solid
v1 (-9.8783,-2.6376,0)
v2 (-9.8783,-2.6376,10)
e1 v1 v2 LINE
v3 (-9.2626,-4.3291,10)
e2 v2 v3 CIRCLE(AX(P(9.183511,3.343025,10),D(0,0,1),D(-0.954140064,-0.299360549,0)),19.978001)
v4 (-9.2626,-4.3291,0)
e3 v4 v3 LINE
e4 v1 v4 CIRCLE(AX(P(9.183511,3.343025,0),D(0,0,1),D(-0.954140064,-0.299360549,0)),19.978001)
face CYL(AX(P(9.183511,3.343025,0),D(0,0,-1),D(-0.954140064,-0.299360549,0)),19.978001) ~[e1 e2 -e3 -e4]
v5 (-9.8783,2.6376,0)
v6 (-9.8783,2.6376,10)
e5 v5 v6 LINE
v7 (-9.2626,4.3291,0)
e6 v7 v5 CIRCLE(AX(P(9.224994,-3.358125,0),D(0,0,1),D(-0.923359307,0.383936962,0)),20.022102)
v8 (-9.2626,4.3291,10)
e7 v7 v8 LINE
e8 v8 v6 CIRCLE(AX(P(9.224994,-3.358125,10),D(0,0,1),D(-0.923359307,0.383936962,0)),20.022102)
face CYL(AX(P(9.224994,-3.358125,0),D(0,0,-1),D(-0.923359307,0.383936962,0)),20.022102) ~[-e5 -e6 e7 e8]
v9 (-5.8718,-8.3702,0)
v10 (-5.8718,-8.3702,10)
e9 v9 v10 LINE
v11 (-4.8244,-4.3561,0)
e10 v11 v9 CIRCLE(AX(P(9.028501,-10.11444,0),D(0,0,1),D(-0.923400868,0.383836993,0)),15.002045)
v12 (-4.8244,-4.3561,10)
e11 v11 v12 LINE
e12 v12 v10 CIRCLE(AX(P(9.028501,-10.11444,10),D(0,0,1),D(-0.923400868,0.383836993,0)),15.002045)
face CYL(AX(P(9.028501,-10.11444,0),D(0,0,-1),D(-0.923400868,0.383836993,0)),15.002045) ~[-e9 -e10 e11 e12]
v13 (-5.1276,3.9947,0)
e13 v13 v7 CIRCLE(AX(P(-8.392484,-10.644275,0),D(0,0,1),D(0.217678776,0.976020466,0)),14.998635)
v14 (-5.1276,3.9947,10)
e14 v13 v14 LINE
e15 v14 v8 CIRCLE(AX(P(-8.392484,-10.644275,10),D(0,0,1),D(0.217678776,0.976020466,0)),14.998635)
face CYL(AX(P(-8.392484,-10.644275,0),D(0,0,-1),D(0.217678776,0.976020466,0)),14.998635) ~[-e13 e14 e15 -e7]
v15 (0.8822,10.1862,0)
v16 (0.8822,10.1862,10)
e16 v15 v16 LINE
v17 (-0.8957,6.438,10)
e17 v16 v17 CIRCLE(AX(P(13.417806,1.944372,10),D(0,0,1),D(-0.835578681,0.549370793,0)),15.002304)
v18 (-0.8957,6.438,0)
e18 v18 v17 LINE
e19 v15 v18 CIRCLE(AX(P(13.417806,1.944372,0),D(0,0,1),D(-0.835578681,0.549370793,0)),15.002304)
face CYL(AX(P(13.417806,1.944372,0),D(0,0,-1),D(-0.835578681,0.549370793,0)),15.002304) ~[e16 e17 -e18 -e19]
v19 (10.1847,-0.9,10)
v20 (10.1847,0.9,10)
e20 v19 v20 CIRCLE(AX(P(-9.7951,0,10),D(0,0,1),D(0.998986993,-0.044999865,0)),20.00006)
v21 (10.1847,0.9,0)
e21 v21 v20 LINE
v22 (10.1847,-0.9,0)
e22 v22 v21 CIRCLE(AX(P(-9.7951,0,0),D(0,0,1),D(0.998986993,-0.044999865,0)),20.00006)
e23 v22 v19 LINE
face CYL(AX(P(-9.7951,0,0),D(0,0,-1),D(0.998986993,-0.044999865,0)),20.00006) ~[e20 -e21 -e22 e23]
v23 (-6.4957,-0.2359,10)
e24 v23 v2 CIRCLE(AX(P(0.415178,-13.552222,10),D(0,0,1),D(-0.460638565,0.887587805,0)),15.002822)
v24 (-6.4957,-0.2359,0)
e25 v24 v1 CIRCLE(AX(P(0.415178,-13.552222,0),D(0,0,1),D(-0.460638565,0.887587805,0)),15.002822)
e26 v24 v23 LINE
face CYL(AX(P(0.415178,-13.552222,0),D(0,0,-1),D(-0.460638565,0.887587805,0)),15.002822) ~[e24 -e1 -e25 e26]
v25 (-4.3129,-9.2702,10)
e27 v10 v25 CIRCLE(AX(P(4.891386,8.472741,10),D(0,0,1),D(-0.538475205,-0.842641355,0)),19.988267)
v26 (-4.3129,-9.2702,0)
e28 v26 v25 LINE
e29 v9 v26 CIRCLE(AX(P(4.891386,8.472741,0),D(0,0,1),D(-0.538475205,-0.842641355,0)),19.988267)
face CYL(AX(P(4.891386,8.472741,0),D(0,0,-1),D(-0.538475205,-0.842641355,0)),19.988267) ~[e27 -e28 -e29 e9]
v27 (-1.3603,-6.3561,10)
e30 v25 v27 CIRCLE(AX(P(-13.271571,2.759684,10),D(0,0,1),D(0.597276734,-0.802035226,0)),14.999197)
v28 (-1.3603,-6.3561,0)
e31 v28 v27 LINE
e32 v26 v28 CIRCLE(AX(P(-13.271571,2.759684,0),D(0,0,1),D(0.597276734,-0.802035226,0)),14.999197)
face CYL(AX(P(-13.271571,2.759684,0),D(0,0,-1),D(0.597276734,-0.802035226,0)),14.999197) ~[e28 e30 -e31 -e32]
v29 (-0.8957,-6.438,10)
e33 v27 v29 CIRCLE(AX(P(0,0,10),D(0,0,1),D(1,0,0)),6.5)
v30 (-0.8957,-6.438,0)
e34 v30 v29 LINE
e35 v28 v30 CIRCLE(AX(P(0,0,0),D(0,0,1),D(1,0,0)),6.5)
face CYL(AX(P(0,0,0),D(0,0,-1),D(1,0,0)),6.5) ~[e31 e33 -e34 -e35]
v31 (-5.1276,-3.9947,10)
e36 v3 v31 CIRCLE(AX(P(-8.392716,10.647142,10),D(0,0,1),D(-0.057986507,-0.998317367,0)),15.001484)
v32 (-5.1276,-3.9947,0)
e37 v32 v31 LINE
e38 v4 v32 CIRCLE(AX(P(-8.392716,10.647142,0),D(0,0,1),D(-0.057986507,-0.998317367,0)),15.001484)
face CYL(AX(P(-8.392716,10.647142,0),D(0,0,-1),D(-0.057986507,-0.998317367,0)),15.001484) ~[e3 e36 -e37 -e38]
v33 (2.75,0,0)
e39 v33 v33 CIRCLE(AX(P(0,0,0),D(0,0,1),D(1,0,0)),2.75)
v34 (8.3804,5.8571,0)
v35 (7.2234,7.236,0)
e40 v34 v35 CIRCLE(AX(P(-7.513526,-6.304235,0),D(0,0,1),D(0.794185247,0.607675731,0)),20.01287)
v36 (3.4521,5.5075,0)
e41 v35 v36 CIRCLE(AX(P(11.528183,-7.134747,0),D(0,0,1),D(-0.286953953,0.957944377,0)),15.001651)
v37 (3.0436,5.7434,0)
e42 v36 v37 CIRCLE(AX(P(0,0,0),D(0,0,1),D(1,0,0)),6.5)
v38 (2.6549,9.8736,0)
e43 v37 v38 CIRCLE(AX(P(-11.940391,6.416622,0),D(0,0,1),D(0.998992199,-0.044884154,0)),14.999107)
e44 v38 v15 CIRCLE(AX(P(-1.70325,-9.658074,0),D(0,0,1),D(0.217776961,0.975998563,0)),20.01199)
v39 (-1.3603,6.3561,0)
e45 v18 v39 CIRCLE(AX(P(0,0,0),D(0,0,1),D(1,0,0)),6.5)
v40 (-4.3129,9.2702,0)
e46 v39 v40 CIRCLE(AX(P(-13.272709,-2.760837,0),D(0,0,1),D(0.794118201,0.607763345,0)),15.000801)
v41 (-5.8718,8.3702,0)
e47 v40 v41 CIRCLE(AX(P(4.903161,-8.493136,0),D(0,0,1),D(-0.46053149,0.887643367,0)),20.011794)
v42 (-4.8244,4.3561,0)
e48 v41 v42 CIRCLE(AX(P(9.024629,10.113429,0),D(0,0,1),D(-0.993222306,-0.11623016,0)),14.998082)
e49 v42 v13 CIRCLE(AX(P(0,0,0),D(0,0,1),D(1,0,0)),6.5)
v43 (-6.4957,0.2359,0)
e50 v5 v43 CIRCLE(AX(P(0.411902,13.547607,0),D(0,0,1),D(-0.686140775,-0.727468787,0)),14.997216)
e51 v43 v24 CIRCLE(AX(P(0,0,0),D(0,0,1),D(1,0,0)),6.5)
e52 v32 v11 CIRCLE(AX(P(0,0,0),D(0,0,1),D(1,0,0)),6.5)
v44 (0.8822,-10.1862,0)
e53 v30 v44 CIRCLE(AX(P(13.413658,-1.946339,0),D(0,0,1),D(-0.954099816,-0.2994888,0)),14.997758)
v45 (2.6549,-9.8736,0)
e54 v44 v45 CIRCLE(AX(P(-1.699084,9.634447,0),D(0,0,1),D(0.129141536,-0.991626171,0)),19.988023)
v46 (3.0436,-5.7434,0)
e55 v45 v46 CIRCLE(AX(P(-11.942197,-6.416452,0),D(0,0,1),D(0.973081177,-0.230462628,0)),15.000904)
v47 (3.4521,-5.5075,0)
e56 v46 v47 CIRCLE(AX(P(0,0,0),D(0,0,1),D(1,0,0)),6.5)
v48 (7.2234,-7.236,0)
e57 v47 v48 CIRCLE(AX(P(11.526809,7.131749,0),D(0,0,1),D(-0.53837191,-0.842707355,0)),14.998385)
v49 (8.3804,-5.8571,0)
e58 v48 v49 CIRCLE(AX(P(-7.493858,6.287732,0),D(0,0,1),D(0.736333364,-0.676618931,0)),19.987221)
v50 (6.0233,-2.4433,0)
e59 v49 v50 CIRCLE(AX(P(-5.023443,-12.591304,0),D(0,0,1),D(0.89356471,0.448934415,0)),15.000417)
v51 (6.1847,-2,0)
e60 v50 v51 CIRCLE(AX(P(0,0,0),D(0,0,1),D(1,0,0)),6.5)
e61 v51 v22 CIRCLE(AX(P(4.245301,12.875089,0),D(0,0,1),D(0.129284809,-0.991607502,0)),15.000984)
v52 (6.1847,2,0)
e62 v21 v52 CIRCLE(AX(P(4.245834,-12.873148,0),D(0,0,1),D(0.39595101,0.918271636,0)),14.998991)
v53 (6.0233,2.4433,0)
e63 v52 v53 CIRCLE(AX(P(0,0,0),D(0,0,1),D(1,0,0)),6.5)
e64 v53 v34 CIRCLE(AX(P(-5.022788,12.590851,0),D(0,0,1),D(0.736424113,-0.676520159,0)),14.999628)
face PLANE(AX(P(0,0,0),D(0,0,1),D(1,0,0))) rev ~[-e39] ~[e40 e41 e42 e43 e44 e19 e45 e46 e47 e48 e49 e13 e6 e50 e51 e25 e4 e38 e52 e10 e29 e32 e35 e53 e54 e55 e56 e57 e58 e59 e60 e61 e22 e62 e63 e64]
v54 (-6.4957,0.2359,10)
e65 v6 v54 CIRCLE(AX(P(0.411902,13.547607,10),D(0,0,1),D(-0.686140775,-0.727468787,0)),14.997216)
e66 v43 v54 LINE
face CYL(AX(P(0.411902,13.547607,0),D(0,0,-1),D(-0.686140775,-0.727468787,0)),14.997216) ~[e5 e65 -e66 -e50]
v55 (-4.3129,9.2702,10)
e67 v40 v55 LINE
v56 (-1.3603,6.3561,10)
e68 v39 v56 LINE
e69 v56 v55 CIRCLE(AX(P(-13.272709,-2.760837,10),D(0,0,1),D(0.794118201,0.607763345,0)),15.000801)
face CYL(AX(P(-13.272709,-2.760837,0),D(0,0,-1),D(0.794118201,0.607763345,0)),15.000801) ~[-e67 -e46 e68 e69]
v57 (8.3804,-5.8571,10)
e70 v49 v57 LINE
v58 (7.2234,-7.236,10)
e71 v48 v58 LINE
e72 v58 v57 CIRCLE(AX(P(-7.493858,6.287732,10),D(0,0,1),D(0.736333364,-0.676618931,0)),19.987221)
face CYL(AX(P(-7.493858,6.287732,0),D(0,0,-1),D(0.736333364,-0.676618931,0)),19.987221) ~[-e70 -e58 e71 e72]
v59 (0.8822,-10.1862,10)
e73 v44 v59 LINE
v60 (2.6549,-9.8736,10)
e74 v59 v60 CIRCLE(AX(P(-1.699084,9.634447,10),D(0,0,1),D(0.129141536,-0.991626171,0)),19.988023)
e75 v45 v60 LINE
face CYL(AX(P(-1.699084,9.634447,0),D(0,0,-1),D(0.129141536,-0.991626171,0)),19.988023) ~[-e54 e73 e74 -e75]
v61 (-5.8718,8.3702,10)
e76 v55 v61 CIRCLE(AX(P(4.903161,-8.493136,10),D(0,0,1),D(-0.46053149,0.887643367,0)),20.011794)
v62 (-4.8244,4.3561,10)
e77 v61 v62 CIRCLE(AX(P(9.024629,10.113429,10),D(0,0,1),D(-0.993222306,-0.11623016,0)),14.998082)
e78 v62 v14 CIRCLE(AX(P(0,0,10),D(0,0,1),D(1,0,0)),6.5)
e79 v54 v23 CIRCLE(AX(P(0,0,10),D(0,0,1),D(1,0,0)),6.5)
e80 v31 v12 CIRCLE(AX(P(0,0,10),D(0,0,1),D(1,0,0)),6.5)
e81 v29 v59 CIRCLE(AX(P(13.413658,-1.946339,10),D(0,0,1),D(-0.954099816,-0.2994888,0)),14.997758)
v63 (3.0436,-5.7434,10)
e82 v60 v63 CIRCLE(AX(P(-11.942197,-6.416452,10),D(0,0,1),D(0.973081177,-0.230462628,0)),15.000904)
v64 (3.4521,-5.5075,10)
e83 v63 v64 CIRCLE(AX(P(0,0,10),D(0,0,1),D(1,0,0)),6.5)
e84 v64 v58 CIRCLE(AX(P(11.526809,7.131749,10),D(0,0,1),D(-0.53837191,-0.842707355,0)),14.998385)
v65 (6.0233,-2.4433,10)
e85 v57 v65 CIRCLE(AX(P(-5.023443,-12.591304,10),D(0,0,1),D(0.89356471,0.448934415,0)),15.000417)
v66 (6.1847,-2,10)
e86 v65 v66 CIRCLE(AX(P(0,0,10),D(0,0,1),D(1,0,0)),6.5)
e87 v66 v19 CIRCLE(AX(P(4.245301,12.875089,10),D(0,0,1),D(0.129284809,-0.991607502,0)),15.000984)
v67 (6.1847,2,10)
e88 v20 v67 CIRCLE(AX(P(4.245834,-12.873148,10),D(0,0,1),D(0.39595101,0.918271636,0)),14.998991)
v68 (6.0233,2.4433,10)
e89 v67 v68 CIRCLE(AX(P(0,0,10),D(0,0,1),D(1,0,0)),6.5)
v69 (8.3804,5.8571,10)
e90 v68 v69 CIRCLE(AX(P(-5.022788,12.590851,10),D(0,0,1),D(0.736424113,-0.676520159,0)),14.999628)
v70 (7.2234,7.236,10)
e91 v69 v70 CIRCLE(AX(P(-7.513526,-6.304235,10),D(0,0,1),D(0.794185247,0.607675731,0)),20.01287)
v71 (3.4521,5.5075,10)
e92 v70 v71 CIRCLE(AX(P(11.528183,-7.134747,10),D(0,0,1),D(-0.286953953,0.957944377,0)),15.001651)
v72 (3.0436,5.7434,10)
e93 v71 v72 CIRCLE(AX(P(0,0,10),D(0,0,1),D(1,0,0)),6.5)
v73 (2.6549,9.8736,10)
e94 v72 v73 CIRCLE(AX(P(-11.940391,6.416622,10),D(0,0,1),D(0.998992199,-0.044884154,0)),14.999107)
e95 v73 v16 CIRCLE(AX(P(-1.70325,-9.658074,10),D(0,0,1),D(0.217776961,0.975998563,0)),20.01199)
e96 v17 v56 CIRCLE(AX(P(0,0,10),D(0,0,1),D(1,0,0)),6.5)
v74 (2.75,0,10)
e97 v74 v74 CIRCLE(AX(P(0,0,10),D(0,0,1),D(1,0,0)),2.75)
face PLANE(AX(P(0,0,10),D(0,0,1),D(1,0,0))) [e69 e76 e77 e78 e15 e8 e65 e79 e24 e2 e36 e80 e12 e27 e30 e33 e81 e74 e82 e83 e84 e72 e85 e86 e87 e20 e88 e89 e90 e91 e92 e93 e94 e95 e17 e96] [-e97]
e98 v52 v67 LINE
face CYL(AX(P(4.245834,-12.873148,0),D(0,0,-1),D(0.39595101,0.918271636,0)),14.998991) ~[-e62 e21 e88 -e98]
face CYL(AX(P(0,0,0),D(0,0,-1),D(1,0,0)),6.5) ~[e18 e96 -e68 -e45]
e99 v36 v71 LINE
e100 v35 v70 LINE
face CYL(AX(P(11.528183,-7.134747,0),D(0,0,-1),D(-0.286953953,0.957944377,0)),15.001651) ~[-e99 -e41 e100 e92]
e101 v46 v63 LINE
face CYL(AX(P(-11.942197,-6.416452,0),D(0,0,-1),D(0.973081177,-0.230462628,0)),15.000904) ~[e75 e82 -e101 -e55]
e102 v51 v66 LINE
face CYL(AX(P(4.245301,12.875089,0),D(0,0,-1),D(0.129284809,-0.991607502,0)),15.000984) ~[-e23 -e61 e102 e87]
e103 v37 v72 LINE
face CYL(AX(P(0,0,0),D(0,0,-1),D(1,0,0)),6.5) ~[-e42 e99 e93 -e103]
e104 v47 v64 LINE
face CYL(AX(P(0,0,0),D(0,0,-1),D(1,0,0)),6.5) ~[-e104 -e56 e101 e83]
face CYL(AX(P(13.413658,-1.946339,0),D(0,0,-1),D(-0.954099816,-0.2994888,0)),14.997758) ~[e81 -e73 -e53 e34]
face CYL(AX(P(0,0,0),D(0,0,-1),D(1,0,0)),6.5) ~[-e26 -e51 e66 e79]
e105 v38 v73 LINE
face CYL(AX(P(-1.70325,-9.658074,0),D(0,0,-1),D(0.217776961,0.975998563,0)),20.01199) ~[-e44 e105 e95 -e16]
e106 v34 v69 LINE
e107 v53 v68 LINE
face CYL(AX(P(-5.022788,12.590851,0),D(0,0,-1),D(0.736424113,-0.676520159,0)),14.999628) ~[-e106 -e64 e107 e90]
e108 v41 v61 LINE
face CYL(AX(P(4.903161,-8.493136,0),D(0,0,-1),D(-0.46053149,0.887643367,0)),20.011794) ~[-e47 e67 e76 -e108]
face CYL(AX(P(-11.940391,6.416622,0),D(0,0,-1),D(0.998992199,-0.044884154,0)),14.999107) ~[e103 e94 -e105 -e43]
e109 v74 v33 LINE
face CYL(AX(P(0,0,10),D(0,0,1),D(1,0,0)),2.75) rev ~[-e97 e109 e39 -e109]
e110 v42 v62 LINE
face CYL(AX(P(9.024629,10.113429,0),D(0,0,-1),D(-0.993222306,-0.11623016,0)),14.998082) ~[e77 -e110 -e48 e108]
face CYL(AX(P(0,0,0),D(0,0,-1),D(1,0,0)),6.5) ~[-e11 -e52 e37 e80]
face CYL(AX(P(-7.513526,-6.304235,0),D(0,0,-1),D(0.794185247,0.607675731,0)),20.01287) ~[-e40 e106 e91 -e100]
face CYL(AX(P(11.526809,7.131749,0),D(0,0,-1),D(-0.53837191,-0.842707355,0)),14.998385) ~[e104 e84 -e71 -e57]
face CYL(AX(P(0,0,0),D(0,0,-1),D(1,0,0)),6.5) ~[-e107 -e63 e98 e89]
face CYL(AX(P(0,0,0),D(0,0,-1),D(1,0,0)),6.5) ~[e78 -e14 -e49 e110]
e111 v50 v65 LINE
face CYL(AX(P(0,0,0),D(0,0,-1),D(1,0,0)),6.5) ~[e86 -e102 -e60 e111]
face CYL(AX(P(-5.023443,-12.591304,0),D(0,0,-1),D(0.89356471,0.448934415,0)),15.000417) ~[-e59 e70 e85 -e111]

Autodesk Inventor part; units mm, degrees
ref_plane "YZ Plane" through (0, 0, 0) normal (1, 0, 0) x (0, 1, 0)
ref_plane "XZ Plane" through (0, 0, 0) normal (0, 1, 0) x (-1, 0, 0)
ref_plane "XY Plane" through (0, 0, 0) normal (0, 0, 1) x (1, 0, 0)
sketch "Sketch1" plane through (0, 0, 0) normal (0, 0, 1) x (1, 0, 0)
  circle A0 centre (0, 0) radius 6.5
  line L0 (0, 0) -> (16, 0) construction
  arc A1 (10.1847, 0.9) -> (6.1847, 2) centre (4.2455, -12.8741) ccw
  arc A2 (6.1847, -2) -> (10.1847, -0.9) centre (4.2455, 12.8741) ccw
  arc A3 (6.1847, -2) -> (6.1847, 2) centre (0, 0) ccw
  arc A4 (10.1847, -0.9) -> (10.1847, 0.9) centre (-9.7951, 0) ccw
  arc A5 (7.2234, 7.236) -> (3.4521, 5.5075) centre (11.5276, -7.1332) ccw
  arc A6 (8.3804, 5.8571) -> (7.2234, 7.236) centre (-7.5035, -6.2962) ccw
  arc A7 (6.0233, 2.4433) -> (8.3804, 5.8571) centre (-5.0231, 12.5911) ccw
  arc A8 (6.0233, 2.4433) -> (3.4521, 5.5075) centre (0, 0) ccw
  arc A9 (0.8822, 10.1862) -> (-0.8957, 6.438) centre (13.4158, 1.9455) ccw
  arc A10 (2.6549, 9.8736) -> (0.8822, 10.1862) centre (-1.7009, -9.6463) ccw
  arc A11 (3.0436, 5.7434) -> (2.6549, 9.8736) centre (-11.9413, 6.4166) ccw
  arc A12 (3.0436, 5.7434) -> (-0.8957, 6.438) centre (0, 0) ccw
  arc A13 (-5.8718, 8.3702) -> (-4.8244, 4.3561) centre (9.0266, 10.1138) ccw
  arc A14 (-4.3129, 9.2702) -> (-5.8718, 8.3702) centre (4.8975, -8.4828) ccw
  arc A15 (-1.3603, 6.3561) -> (-4.3129, 9.2702) centre (-13.2721, -2.7603) ccw
  arc A16 (-1.3603, 6.3561) -> (-4.8244, 4.3561) centre (0, 0) ccw
  arc A17 (-9.8783, 2.6376) -> (-6.4957, 0.2359) centre (0.4137, 13.5498) ccw
  arc A18 (-9.2626, 4.3291) -> (-9.8783, 2.6376) centre (9.2044, -3.3501) ccw
  arc A19 (-5.1276, 3.9947) -> (-9.2626, 4.3291) centre (-8.3927, -10.6457) ccw
  arc A20 (-5.1276, 3.9947) -> (-6.4957, 0.2359) centre (0, 0) ccw
  arc A21 (-9.2626, -4.3291) -> (-5.1276, -3.9947) centre (-8.3927, 10.6457) ccw
  arc A22 (-9.8783, -2.6376) -> (-9.2626, -4.3291) centre (9.2044, 3.3501) ccw
  arc A23 (-6.4957, -0.2359) -> (-9.8783, -2.6376) centre (0.4137, -13.5498) ccw
  arc A24 (-6.4957, -0.2359) -> (-5.1276, -3.9947) centre (0, 0) ccw
  arc A25 (-4.3129, -9.2702) -> (-1.3603, -6.3561) centre (-13.2721, 2.7603) ccw
  arc A26 (-5.8718, -8.3702) -> (-4.3129, -9.2702) centre (4.8975, 8.4828) ccw
  arc A27 (-4.8244, -4.3561) -> (-5.8718, -8.3702) centre (9.0266, -10.1138) ccw
  arc A28 (-4.8244, -4.3561) -> (-1.3603, -6.3561) centre (0, 0) ccw
  arc A29 (2.6549, -9.8736) -> (3.0436, -5.7434) centre (-11.9413, -6.4166) ccw
  arc A30 (0.8822, -10.1862) -> (2.6549, -9.8736) centre (-1.7009, 9.6463) ccw
  arc A31 (-0.8957, -6.438) -> (0.8822, -10.1862) centre (13.4158, -1.9455) ccw
  arc A32 (-0.8957, -6.438) -> (3.0436, -5.7434) centre (0, 0) ccw
  arc A33 (8.3804, -5.8571) -> (6.0233, -2.4433) centre (-5.0231, -12.5911) ccw
  arc A34 (7.2234, -7.236) -> (8.3804, -5.8571) centre (-7.5035, 6.2962) ccw
  arc A35 (3.4521, -5.5075) -> (7.2234, -7.236) centre (11.5276, 7.1332) ccw
  arc A36 (3.4521, -5.5075) -> (6.0233, -2.4433) centre (0, 0) ccw
  point P0 (10.2049, 0)
  point P1 (7.8174, 6.5596)
  point P2 (1.7721, 10.0499)
  point P3 (-5.1025, 8.8377)
  point P4 (-9.5895, 3.4903)
  point P5 (-9.5895, -3.4903)
  point P6 (-5.1025, -8.8377)
  point P7 (1.7721, -10.0499)
  point P8 (7.8174, -6.5596)
  dimension "d0" = 13
  dimension "d1" = 16
  dimension "d2" = 15
  dimension "d3" = 4
  dimension "d4" = 2
  dimension "d6" = 1.8
  dimension "d15" = 20
  dimension "d18" = 360
extrude "Extrusion1" add sketch "Sketch1" along normal blind 10
sketch "Sketch5" plane through (0, 0, 10) normal (0, 0, 1) x (1, 0, 0)
  circle A0 centre (0, 0) radius 2.75
  dimension "d32" = 5.5
extrude "Extrusion5" cut sketch "Sketch5" against normal through all
properties part number "Motor Gear" material "ABS Plastic"
